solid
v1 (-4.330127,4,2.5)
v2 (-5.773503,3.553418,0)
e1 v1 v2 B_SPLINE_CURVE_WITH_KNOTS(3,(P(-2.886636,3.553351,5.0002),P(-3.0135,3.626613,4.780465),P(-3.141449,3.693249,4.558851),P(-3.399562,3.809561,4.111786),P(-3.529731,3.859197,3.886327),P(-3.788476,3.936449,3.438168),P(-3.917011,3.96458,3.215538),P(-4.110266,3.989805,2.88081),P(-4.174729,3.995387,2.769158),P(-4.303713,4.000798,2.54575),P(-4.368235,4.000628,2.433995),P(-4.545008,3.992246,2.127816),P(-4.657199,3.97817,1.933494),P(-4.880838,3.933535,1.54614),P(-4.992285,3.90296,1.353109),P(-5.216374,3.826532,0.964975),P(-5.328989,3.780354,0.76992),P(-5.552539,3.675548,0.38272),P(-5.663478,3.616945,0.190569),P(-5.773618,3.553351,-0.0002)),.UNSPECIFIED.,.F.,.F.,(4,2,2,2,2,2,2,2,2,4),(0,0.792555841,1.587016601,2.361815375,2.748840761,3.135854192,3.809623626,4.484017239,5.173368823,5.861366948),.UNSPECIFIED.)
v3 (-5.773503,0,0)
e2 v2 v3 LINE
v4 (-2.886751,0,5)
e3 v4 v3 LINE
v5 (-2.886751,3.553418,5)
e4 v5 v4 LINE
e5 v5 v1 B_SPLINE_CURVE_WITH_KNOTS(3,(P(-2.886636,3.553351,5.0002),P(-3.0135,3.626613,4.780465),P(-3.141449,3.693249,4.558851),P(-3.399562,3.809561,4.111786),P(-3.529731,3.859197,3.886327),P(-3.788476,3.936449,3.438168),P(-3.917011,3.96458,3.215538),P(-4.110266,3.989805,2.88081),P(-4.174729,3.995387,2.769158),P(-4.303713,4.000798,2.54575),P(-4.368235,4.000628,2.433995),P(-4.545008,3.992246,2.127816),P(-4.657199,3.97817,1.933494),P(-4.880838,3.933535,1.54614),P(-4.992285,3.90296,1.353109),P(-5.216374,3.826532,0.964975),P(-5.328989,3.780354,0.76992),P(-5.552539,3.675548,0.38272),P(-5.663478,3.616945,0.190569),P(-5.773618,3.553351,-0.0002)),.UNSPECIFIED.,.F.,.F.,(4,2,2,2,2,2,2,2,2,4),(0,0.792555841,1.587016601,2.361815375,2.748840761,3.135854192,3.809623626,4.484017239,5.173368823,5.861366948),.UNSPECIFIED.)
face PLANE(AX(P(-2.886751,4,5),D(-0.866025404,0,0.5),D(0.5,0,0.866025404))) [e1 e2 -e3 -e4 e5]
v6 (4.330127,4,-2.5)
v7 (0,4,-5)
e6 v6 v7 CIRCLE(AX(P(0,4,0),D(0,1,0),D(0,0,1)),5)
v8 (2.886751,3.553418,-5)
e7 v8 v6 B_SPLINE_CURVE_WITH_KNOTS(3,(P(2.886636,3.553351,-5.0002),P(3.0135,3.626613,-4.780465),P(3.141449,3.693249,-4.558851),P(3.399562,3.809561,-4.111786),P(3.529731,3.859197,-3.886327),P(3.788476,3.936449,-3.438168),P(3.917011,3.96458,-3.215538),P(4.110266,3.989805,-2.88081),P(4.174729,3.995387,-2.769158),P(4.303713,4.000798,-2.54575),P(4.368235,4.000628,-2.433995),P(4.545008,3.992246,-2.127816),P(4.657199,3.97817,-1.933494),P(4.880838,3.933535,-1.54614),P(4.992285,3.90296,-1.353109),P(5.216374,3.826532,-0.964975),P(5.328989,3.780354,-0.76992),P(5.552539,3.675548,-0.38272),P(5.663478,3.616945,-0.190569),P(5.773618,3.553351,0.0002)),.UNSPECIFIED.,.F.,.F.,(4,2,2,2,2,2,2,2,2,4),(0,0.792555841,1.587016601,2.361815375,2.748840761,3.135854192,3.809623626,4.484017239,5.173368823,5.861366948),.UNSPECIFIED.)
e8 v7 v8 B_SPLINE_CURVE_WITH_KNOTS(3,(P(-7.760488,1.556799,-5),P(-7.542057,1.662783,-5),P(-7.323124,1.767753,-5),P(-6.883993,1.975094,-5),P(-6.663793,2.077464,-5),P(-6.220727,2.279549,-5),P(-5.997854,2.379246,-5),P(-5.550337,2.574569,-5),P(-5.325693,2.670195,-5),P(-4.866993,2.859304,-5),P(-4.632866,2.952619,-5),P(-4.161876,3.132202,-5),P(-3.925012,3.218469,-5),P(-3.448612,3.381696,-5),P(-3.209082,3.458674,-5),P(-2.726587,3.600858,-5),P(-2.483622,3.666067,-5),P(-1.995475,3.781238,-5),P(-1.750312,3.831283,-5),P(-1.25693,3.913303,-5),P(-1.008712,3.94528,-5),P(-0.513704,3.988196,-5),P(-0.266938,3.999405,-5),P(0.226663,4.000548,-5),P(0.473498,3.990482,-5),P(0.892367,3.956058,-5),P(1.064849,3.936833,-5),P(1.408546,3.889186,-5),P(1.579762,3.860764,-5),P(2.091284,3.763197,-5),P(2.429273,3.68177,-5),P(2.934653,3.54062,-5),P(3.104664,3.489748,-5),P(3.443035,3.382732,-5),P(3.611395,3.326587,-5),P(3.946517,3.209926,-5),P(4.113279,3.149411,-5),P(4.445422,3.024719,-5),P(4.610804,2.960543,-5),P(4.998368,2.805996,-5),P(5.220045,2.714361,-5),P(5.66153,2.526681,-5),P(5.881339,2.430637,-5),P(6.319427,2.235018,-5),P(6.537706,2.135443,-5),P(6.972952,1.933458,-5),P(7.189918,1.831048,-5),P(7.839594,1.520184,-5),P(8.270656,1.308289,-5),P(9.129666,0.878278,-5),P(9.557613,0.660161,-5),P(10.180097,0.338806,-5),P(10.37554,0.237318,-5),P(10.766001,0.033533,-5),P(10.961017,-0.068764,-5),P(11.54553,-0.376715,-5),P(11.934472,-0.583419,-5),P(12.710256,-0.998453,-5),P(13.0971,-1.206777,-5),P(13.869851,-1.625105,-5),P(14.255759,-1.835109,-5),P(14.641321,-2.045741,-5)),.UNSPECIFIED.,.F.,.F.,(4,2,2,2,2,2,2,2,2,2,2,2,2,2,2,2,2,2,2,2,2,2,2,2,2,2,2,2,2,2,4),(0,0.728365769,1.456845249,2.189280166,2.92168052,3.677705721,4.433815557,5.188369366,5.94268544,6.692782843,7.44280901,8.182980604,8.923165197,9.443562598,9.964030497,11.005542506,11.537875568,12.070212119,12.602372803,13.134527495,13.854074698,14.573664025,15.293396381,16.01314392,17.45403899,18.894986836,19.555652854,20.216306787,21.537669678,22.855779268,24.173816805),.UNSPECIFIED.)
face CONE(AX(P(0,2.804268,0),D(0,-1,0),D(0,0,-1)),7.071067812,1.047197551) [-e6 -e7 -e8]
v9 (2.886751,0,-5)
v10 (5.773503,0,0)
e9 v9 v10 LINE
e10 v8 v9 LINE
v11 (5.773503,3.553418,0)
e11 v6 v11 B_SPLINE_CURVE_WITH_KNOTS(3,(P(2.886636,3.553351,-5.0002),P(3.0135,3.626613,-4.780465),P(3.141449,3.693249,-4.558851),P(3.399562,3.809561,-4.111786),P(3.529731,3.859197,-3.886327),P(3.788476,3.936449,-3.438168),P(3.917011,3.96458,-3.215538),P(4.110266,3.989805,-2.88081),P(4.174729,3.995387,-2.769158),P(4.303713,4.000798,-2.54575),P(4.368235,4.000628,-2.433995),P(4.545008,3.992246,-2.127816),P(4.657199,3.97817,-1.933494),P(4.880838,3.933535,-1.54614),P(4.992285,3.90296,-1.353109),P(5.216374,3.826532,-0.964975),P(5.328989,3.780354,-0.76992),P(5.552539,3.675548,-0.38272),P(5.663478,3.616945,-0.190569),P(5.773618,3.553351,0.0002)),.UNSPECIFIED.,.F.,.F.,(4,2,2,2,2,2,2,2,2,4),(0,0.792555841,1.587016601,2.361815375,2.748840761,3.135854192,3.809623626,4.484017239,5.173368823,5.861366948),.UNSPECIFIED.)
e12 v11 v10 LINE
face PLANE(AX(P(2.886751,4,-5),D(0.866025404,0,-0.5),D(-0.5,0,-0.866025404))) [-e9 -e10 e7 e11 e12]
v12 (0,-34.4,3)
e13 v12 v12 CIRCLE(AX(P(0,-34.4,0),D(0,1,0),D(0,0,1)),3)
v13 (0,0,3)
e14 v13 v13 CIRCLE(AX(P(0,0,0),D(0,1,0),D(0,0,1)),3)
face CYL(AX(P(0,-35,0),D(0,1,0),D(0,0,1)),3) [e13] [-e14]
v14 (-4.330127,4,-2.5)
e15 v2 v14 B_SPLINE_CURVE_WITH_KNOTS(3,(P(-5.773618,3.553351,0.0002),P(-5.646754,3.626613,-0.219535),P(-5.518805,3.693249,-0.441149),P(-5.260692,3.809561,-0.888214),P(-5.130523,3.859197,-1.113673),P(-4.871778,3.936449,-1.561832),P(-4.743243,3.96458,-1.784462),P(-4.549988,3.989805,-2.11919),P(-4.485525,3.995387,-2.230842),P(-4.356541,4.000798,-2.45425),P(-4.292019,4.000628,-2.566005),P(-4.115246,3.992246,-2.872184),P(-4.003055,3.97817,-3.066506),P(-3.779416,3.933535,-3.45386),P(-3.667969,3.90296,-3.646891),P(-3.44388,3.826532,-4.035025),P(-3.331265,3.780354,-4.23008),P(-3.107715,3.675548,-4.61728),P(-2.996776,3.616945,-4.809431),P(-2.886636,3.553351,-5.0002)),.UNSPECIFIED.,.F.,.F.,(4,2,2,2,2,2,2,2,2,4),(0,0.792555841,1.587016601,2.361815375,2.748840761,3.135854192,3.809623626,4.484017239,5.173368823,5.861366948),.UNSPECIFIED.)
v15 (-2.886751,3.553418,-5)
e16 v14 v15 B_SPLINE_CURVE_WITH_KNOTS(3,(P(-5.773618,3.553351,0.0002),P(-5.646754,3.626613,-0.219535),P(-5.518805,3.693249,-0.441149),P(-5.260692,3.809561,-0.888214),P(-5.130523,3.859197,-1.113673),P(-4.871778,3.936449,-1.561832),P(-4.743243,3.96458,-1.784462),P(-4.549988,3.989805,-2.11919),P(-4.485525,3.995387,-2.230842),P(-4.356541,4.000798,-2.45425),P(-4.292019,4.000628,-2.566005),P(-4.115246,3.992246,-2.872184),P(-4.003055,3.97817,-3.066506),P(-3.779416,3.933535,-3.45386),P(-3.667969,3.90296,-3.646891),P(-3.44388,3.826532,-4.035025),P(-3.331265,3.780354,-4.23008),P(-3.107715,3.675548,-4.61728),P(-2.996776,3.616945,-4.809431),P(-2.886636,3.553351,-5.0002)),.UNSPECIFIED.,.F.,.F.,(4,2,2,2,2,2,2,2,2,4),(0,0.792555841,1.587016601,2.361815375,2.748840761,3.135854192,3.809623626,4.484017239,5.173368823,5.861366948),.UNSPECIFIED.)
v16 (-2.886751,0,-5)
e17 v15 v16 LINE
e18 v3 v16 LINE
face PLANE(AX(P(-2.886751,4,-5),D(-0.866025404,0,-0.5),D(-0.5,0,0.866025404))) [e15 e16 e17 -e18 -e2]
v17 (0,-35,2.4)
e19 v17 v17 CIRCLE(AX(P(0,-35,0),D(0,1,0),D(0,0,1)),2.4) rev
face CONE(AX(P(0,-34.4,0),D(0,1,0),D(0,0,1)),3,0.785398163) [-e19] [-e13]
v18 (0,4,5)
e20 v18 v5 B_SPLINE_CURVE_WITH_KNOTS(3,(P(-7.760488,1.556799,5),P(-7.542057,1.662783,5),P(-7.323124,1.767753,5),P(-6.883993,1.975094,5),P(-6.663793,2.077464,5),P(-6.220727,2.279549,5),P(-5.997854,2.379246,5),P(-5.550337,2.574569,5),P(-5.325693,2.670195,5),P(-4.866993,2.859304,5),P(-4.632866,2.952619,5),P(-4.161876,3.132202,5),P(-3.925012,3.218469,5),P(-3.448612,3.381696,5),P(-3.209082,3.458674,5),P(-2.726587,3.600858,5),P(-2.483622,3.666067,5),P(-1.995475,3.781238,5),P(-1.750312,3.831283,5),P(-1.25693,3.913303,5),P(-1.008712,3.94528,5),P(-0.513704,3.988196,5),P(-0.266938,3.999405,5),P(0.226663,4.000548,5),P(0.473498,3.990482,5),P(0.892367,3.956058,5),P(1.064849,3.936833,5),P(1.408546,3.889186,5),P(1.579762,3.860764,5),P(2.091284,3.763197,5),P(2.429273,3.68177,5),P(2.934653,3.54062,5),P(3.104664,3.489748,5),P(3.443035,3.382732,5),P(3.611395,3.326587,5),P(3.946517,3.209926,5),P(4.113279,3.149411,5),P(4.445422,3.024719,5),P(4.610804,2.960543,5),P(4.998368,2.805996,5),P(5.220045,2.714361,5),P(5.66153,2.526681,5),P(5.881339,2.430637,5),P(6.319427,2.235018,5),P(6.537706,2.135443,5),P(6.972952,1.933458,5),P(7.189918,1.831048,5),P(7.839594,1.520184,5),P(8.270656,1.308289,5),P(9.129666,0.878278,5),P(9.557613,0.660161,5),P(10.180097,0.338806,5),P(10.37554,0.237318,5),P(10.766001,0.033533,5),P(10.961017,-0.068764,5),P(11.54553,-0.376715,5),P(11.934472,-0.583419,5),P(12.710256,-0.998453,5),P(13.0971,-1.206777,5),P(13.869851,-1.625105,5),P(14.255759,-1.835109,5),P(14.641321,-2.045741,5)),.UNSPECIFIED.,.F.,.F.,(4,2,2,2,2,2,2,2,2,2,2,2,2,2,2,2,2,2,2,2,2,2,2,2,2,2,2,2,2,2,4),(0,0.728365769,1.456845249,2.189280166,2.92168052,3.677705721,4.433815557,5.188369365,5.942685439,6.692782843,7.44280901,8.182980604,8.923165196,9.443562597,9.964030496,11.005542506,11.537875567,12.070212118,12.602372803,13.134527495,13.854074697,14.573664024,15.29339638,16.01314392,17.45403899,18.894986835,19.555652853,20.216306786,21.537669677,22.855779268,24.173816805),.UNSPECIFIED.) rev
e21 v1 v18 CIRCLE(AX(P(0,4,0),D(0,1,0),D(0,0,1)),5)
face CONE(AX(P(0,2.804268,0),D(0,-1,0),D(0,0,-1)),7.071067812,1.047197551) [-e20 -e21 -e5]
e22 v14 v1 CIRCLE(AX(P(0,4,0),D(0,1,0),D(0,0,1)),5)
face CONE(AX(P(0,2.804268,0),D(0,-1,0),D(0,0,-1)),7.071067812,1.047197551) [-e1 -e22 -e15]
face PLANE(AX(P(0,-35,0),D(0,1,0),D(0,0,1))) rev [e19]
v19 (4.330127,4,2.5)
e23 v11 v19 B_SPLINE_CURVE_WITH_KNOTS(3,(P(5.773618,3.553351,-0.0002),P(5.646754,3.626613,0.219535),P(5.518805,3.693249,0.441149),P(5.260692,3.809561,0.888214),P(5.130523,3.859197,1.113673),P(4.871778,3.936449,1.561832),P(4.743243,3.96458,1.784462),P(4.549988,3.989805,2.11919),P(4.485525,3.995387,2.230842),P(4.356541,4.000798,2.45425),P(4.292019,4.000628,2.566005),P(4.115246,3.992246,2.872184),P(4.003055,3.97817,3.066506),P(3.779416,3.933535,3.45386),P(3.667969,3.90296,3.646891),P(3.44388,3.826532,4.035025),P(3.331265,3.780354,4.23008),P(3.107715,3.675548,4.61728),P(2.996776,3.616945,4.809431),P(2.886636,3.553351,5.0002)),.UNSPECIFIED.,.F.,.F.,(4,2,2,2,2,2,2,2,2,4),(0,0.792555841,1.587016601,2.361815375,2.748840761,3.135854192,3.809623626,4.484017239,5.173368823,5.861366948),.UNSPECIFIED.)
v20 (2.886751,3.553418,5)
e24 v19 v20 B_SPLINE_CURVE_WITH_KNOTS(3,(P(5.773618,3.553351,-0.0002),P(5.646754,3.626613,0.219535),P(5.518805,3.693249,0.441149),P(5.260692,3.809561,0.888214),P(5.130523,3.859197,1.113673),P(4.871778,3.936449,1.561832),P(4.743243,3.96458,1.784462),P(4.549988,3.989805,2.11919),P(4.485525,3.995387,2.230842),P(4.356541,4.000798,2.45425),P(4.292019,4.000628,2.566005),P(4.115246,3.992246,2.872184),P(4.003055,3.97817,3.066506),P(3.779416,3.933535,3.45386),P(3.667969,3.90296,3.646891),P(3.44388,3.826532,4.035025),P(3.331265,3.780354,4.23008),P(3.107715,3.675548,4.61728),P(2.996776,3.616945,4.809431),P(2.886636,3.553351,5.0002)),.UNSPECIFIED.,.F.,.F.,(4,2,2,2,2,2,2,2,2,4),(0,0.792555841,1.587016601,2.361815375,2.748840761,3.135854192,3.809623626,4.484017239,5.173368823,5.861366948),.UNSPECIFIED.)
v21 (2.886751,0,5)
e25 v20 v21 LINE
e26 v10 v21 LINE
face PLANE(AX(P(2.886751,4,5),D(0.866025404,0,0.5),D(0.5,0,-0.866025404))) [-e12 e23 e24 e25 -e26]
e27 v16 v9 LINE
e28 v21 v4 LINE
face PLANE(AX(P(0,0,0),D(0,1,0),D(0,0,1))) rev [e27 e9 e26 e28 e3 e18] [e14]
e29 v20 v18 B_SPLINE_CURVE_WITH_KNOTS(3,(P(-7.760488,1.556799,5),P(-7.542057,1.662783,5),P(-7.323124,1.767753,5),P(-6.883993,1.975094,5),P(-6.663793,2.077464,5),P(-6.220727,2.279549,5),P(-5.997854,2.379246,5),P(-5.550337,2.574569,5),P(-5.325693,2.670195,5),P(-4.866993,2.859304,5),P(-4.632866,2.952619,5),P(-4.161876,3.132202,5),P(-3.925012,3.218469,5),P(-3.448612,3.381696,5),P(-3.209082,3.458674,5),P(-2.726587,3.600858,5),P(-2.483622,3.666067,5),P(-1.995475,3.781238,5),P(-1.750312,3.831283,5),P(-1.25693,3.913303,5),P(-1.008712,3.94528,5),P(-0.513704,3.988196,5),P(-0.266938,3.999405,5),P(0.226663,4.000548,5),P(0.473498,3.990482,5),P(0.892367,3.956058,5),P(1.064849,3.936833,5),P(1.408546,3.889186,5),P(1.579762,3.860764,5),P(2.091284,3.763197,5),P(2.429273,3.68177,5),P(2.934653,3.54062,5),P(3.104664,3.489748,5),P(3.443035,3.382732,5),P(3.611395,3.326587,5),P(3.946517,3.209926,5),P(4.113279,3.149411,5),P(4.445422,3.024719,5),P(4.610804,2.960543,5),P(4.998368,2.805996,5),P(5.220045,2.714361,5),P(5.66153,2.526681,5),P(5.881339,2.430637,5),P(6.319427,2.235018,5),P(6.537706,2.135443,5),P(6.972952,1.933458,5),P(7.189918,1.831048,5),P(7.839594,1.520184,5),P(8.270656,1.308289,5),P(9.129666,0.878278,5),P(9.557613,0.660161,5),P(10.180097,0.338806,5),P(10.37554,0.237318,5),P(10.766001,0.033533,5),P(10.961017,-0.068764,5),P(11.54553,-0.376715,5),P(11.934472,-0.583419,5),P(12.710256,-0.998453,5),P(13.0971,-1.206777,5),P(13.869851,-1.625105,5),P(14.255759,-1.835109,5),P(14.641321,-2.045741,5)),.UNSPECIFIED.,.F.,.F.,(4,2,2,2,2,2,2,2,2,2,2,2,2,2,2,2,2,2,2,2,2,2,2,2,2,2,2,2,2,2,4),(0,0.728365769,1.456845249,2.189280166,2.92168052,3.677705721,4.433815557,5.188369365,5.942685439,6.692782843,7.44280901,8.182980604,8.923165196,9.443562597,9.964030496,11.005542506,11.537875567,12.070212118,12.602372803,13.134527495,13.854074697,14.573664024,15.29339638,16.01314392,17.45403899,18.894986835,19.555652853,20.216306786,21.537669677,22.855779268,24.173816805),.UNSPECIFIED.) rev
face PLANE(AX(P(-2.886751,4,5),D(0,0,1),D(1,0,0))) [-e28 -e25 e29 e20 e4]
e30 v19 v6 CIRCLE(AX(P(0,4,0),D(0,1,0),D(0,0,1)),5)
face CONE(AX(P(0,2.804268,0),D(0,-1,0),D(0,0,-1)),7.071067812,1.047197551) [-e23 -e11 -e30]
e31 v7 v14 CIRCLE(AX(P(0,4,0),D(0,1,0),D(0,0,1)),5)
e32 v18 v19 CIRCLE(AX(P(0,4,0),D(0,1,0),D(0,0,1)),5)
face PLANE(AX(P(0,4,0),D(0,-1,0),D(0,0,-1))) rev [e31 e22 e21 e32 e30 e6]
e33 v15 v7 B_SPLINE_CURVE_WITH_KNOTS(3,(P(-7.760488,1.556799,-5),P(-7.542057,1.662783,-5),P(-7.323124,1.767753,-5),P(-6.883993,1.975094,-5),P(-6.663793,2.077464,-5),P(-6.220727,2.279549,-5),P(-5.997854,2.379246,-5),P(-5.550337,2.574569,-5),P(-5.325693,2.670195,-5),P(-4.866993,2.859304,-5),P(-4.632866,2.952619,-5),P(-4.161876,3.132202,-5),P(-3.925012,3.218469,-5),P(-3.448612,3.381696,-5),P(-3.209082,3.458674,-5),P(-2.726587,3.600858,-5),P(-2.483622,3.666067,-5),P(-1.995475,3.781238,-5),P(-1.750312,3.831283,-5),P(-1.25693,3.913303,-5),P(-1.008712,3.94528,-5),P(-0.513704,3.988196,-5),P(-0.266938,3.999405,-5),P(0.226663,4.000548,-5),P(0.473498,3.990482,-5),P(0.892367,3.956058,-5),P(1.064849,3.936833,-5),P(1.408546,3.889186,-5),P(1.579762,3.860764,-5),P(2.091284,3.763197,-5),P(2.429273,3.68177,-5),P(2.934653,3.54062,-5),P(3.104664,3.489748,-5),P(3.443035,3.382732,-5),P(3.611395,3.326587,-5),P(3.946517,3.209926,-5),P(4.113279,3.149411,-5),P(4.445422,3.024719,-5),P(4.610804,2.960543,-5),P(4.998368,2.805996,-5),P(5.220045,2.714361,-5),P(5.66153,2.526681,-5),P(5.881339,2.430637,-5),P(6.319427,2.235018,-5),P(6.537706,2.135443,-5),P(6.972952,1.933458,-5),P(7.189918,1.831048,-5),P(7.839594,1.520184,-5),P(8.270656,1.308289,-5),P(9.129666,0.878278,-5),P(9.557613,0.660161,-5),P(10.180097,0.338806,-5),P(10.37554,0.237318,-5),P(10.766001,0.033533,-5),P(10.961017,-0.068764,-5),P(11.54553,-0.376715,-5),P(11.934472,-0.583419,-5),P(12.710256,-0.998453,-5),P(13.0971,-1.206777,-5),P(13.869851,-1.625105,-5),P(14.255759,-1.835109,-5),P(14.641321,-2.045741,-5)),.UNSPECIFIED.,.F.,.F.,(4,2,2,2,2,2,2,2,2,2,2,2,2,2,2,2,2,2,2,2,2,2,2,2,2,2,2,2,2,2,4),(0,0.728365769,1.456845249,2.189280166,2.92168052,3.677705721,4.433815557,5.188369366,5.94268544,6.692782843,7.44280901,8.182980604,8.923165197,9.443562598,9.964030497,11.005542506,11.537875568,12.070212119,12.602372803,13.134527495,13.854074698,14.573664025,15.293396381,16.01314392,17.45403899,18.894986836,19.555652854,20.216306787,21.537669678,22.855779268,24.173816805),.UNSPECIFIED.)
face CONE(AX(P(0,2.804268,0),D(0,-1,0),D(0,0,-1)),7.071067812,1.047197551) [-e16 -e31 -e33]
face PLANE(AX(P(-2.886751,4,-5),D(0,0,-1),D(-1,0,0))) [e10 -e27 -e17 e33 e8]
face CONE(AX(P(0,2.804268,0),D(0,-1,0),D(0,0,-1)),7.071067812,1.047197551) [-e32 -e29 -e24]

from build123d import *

# Parameters (mm, degrees)
ESQUISSE2_R             = 3
BASE_EXTRUSION_DEPTH    = 35
CHANFREIN1_SIZE         = 0.6
ESQUISSE6_OUTSIDE_W     = 24.908
ESQUISSE6_OUTSIDE_H     = 24.908
ENL_V_MAT_EXTRU_1_DEPTH = 4


with BuildPart() as part:
    # Esquisse2 → Base-Extrusion (new body)
    with BuildSketch(Plane(origin=(0, 0, 0), x_dir=(1, 0, 0), z_dir=(0, 1, 0))):
        with Locations(Location((0, 0, 0), (0, 0, 270))):  # turned: the seam where the file's is
            Circle(ESQUISSE2_R)
    extrude(amount=-BASE_EXTRUSION_DEPTH)

    # Chanfrein1
    chanfrein1_edges = [part.edges().sort_by_distance(p)[0] for p in [
        (0, -35, -3),
    ]]
    chamfer(chanfrein1_edges, length=CHANFREIN1_SIZE)

    # Esquisse5 → Boss.-Révol.1 (revolve)
    with BuildSketch(Plane.XY, mode=Mode.PRIVATE) as boss_r_vol_1_sk:
        Polygon((0, 0), (7.071067812, 0), (7.071067812, 2.804268441), (5, 4), (0, 4), align=None)
    revolve(boss_r_vol_1_sk.sketch.rotate(Axis((0, 4, 0), (0, -1, 0)), 90), axis=Axis((0, 4, 0), (0, -1, 0)))  # turned: the seam where the file's is

    # Esquisse6 outside → Enlèv. mat.-Extru.1 (cut)
    with BuildSketch(Plane.XZ):
        Rectangle(ESQUISSE6_OUTSIDE_W, ESQUISSE6_OUTSIDE_H)
        Polygon((-2.886751346, -5), (2.886751346, -5), (5.773502692, 0), (2.886751346, 5), (-2.886751346, 5), (-5.773502692, 0), align=None, mode=Mode.SUBTRACT)
    extrude(amount=-ENL_V_MAT_EXTRU_1_DEPTH, mode=Mode.SUBTRACT)


solid = part.part
